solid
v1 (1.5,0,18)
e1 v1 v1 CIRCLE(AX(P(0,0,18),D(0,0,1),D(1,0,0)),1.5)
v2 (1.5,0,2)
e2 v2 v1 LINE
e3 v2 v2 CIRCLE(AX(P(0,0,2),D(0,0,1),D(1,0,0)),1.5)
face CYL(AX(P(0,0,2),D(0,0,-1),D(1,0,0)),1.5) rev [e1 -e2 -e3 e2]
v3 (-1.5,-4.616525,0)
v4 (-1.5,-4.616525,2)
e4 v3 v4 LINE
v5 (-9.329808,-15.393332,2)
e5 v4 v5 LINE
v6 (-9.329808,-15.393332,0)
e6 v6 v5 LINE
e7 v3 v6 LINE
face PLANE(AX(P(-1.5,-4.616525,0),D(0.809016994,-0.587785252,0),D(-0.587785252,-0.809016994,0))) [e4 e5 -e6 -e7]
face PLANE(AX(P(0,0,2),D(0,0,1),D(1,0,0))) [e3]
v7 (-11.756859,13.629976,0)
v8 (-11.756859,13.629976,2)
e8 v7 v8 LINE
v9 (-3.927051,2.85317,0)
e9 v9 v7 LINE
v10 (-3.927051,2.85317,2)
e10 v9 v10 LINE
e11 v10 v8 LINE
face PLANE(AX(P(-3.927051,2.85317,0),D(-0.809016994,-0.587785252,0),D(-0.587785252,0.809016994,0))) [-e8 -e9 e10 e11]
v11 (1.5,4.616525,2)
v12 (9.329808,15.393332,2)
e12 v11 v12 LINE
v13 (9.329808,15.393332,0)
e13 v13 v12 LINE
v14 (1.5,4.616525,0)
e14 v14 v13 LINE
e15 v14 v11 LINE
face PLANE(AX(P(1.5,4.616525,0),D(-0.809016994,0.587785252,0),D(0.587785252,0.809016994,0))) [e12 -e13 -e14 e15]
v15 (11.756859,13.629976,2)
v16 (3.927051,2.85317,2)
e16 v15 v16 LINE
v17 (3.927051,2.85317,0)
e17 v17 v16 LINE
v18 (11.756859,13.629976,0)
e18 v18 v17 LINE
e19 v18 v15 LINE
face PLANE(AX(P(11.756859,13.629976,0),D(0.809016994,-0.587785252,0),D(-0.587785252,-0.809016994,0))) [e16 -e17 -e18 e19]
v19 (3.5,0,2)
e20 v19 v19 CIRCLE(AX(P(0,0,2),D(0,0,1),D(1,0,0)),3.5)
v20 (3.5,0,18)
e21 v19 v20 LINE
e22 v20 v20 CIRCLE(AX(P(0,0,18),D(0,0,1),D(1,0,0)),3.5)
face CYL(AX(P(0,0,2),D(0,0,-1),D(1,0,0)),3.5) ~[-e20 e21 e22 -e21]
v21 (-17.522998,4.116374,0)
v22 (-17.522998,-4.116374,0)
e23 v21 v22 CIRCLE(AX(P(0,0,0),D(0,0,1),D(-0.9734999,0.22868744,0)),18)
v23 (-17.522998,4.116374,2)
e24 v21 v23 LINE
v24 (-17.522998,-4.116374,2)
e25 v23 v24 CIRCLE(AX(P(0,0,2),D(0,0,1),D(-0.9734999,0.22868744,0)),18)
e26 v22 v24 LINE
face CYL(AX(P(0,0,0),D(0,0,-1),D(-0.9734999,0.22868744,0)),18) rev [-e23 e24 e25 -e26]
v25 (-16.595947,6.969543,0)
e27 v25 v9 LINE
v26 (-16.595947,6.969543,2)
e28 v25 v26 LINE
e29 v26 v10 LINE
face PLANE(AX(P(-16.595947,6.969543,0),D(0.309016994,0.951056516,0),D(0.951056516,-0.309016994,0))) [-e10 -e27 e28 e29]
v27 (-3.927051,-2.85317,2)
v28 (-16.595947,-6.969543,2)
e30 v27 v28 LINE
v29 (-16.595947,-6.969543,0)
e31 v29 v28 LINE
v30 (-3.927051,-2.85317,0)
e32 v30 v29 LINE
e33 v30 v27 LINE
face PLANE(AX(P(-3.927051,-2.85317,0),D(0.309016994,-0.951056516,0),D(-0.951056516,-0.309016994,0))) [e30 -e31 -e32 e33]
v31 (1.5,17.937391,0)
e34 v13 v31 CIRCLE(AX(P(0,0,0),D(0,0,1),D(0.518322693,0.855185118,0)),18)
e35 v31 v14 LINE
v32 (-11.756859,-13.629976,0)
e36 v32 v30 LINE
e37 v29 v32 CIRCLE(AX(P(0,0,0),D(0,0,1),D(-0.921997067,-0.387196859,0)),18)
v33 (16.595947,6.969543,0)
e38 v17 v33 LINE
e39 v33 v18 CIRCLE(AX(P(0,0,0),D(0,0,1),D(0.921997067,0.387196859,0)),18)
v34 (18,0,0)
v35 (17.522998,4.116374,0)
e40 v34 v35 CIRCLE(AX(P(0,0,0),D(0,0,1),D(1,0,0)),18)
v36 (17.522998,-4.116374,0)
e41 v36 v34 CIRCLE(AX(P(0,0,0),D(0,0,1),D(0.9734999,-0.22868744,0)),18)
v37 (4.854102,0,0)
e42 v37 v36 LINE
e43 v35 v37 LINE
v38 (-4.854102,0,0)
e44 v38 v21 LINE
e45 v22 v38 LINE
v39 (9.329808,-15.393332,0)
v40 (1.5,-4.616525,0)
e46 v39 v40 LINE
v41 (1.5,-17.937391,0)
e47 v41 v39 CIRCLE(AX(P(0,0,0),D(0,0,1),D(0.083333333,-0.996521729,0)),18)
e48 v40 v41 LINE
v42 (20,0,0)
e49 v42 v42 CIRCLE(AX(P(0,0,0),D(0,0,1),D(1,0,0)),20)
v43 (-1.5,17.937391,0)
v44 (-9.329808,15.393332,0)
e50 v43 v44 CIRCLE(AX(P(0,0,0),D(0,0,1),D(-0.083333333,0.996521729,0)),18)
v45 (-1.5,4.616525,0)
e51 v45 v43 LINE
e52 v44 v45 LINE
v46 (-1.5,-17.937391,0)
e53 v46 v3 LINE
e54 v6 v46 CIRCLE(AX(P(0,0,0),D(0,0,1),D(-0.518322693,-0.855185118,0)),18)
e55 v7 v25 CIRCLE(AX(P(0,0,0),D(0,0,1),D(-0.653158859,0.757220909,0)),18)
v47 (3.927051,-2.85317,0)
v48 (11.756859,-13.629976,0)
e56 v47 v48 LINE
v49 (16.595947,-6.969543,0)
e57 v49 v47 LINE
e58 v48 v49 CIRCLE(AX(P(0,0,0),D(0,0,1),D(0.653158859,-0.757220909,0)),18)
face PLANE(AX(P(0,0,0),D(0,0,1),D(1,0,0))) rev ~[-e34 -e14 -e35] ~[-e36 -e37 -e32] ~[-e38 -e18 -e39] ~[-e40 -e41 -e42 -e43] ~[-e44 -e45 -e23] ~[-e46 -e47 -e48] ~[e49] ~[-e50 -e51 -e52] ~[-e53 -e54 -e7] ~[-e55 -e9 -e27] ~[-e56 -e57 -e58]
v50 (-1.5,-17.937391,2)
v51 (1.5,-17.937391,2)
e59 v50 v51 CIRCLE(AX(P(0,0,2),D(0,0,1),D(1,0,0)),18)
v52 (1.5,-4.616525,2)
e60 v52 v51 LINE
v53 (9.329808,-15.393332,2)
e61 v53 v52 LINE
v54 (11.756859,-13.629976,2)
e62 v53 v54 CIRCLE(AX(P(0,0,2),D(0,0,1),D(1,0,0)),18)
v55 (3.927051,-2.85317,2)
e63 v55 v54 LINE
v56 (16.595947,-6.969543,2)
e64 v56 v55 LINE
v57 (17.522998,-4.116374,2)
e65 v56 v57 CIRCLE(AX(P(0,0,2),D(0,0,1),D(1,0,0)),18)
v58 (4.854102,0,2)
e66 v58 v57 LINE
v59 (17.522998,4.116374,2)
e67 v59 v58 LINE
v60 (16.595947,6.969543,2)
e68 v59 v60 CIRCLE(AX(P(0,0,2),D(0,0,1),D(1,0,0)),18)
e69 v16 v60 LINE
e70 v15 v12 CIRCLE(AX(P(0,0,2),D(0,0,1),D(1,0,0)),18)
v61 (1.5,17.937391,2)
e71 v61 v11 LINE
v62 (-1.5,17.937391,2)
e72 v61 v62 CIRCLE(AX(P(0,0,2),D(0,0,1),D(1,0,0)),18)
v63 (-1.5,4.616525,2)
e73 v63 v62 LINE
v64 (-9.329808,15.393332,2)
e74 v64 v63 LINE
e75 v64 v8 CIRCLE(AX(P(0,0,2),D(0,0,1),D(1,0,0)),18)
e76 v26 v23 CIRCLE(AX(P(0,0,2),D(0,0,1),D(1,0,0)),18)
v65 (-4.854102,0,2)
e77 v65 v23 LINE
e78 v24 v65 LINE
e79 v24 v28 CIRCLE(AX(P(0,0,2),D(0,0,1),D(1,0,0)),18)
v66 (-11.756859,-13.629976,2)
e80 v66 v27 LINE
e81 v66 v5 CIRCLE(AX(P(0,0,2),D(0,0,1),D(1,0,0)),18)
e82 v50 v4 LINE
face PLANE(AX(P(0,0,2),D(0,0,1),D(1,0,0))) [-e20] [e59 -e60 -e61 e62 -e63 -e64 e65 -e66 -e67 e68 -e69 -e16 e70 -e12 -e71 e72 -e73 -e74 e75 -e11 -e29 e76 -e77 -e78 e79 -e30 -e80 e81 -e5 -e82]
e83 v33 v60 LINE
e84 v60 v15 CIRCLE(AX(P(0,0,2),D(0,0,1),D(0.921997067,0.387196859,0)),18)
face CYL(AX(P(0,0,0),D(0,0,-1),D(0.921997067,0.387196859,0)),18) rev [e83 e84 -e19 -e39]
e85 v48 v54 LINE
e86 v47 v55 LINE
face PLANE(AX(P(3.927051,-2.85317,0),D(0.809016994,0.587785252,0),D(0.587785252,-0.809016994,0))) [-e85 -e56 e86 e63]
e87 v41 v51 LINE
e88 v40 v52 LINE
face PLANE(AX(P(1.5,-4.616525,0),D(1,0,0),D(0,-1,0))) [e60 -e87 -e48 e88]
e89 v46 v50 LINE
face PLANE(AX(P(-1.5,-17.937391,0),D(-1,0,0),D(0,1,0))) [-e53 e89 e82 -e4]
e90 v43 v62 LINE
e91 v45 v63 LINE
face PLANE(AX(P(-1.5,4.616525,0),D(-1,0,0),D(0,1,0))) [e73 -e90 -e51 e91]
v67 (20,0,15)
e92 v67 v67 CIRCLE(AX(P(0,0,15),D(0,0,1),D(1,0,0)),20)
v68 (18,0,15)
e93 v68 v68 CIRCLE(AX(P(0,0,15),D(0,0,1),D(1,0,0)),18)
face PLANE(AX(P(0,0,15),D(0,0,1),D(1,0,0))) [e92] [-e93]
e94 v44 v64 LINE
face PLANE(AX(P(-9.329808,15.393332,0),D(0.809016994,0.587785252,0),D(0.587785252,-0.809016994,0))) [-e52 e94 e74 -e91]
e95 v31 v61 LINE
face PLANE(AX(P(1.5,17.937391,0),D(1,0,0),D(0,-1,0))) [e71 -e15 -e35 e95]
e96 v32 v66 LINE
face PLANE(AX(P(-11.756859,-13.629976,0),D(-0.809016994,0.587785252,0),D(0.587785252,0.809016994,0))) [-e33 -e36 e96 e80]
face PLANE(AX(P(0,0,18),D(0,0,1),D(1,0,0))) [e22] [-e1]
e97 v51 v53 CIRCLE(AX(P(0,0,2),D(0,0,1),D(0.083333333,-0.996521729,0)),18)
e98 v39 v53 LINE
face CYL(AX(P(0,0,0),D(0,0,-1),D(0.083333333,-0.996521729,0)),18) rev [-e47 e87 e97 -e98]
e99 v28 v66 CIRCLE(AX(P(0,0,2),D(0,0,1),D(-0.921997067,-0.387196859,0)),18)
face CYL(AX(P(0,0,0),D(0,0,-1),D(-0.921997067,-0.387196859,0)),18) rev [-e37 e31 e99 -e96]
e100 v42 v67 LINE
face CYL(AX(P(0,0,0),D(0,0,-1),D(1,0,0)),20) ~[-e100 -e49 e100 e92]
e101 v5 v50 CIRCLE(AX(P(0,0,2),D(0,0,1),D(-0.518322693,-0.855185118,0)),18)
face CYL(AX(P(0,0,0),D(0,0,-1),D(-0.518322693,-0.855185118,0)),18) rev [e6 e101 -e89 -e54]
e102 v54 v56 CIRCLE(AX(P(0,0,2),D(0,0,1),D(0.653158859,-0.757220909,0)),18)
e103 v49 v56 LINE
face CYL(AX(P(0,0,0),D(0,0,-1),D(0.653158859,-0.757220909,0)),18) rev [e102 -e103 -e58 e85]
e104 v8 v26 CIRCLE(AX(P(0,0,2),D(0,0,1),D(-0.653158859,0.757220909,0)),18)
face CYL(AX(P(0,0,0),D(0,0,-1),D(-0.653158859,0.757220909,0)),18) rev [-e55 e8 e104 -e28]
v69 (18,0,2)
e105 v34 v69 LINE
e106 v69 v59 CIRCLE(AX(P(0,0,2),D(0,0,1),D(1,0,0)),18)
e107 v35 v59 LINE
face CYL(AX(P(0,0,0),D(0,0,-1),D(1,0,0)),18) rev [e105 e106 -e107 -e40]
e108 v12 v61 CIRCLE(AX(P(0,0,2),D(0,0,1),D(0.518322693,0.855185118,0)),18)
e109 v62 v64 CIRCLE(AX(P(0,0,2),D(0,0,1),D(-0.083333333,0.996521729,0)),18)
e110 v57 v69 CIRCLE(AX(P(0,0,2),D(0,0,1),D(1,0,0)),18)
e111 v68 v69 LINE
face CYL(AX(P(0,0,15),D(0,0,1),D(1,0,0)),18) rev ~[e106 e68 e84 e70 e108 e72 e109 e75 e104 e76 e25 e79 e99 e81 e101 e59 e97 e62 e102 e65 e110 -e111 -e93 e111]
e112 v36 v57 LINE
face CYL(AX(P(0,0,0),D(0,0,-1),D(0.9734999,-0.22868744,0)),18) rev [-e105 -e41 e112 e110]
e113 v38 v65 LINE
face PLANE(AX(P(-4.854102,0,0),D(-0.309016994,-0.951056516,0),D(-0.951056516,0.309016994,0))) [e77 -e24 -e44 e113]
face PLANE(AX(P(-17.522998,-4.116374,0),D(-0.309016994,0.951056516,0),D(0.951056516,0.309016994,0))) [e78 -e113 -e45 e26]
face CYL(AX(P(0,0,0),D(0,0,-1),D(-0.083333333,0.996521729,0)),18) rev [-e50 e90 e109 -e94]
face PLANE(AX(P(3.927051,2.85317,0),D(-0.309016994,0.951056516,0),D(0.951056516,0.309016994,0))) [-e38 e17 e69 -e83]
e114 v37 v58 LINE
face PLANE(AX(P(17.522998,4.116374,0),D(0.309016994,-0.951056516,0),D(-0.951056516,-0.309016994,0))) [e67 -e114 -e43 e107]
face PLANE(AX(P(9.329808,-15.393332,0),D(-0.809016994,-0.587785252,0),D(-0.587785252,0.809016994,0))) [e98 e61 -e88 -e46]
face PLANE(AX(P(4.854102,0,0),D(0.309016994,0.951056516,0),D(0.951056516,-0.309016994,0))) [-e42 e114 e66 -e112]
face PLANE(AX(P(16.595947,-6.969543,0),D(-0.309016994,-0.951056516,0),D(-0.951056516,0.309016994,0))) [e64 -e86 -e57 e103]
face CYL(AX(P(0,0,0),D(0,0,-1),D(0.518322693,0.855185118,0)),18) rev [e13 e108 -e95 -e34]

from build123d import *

# Parameters (mm, degrees)
F0_R     = 20
F1_DEPTH = 15
F2_R     = 18
F3_DEPTH = 13
F5_R     = 3.5
F5_R_2   = 1.5
F6_DEPTH = 16
F8_DEPTH = 2


with BuildPart() as f1:
    # F0 (on Top) → F1 (new body)
    with BuildSketch(Plane.XY):
        Circle(F0_R)
    extrude(amount=F1_DEPTH)

    # F2 (on face) → F3 (cut)
    with BuildSketch(Plane.XY.offset(15)):
        Circle(F2_R)
    extrude(amount=-F3_DEPTH, mode=Mode.SUBTRACT)

    # F5 (on face) → F6 (join)
    with BuildSketch(Plane.XY.offset(2)):
        Circle(F5_R)
        Circle(F5_R_2, mode=Mode.SUBTRACT)
    extrude(amount=F6_DEPTH)

    # F7 (on Top) → F8 (cut)
    with BuildSketch(Plane.XY):
        with BuildLine():
            ThreePointArc((-9.3298084702, -15.3933321249), (-5.5623058987, -17.1190172933), (-1.5, -17.9373911147))
            Line((-1.5, -17.9373911147), (-1.5, -4.6165253058))
            Line((-1.5, -4.6165253058), (-9.3298084702, -15.3933321249))
        make_face()
        with BuildLine():
            Line((9.3298084702, -15.3933321249), (1.5, -4.6165253058))
            Line((1.5, -4.6165253058), (1.5, -17.9373911147))
            ThreePointArc((1.5, -17.9373911147), (5.5623058987, -17.1190172933), (9.3298084702, -15.3933321249))
        make_face()
        with BuildLine():
            Line((16.5959472134, -6.9695434636), (3.9270509831, -2.8531695489))
            Line((3.9270509831, -2.8531695489), (11.7568594534, -13.6299763681))
            ThreePointArc((11.7568594534, -13.6299763681), (14.5623058987, -10.5801345413), (16.5959472134, -6.9695434636))
        make_face()
        with BuildLine():
            Line((17.5229981965, 4.1163739147), (4.8541019662, 0))
            Line((4.8541019662, 0), (17.5229981965, -4.1163739147))
            ThreePointArc((17.5229981965, -4.1163739147), (17.8803518916, -2.071959515), (18, 0))
            ThreePointArc((18, 0), (17.8803518916, 2.071959515), (17.5229981965, 4.1163739147))
        make_face()
        with BuildLine():
            Line((11.7568594534, 13.6299763681), (3.9270509831, 2.8531695489))
            Line((3.9270509831, 2.8531695489), (16.5959472134, 6.9695434636))
            ThreePointArc((16.5959472134, 6.9695434636), (14.5623058987, 10.5801345413), (11.7568594534, 13.6299763681))
        make_face()
        with BuildLine():
            Line((1.5, 17.9373911147), (1.5, 4.6165253058))
            Line((1.5, 4.6165253058), (9.3298084702, 15.3933321249))
            ThreePointArc((9.3298084702, 15.3933321249), (5.5623058987, 17.1190172933), (1.5, 17.9373911147))
        make_face()
        with BuildLine():
            Line((-1.5, 4.6165253058), (-1.5, 17.9373911147))
            ThreePointArc((-1.5, 17.9373911147), (-5.5623058987, 17.1190172933), (-9.3298084702, 15.3933321249))
            Line((-9.3298084702, 15.3933321249), (-1.5, 4.6165253058))
        make_face()
        with BuildLine():
            Line((-3.9270509831, 2.8531695489), (-11.7568594534, 13.6299763681))
            ThreePointArc((-11.7568594534, 13.6299763681), (-14.5623058987, 10.5801345413), (-16.5959472134, 6.9695434636))
            Line((-16.5959472134, 6.9695434636), (-3.9270509831, 2.8531695489))
        make_face()
        with BuildLine():
            Line((-4.8541019662, 0), (-17.5229981965, 4.1163739147))
            ThreePointArc((-17.5229981965, 4.1163739147), (-18, 0), (-17.5229981965, -4.1163739147))
            Line((-17.5229981965, -4.1163739147), (-4.8541019662, 0))
        make_face()
        with BuildLine():
            ThreePointArc((-16.5959472134, -6.9695434636), (-14.5623058987, -10.5801345413), (-11.7568594534, -13.6299763681))
            Line((-11.7568594534, -13.6299763681), (-3.9270509831, -2.8531695489))
            Line((-3.9270509831, -2.8531695489), (-16.5959472134, -6.9695434636))
        make_face()
    extrude(amount=F8_DEPTH, mode=Mode.SUBTRACT)


solid = f1.part
